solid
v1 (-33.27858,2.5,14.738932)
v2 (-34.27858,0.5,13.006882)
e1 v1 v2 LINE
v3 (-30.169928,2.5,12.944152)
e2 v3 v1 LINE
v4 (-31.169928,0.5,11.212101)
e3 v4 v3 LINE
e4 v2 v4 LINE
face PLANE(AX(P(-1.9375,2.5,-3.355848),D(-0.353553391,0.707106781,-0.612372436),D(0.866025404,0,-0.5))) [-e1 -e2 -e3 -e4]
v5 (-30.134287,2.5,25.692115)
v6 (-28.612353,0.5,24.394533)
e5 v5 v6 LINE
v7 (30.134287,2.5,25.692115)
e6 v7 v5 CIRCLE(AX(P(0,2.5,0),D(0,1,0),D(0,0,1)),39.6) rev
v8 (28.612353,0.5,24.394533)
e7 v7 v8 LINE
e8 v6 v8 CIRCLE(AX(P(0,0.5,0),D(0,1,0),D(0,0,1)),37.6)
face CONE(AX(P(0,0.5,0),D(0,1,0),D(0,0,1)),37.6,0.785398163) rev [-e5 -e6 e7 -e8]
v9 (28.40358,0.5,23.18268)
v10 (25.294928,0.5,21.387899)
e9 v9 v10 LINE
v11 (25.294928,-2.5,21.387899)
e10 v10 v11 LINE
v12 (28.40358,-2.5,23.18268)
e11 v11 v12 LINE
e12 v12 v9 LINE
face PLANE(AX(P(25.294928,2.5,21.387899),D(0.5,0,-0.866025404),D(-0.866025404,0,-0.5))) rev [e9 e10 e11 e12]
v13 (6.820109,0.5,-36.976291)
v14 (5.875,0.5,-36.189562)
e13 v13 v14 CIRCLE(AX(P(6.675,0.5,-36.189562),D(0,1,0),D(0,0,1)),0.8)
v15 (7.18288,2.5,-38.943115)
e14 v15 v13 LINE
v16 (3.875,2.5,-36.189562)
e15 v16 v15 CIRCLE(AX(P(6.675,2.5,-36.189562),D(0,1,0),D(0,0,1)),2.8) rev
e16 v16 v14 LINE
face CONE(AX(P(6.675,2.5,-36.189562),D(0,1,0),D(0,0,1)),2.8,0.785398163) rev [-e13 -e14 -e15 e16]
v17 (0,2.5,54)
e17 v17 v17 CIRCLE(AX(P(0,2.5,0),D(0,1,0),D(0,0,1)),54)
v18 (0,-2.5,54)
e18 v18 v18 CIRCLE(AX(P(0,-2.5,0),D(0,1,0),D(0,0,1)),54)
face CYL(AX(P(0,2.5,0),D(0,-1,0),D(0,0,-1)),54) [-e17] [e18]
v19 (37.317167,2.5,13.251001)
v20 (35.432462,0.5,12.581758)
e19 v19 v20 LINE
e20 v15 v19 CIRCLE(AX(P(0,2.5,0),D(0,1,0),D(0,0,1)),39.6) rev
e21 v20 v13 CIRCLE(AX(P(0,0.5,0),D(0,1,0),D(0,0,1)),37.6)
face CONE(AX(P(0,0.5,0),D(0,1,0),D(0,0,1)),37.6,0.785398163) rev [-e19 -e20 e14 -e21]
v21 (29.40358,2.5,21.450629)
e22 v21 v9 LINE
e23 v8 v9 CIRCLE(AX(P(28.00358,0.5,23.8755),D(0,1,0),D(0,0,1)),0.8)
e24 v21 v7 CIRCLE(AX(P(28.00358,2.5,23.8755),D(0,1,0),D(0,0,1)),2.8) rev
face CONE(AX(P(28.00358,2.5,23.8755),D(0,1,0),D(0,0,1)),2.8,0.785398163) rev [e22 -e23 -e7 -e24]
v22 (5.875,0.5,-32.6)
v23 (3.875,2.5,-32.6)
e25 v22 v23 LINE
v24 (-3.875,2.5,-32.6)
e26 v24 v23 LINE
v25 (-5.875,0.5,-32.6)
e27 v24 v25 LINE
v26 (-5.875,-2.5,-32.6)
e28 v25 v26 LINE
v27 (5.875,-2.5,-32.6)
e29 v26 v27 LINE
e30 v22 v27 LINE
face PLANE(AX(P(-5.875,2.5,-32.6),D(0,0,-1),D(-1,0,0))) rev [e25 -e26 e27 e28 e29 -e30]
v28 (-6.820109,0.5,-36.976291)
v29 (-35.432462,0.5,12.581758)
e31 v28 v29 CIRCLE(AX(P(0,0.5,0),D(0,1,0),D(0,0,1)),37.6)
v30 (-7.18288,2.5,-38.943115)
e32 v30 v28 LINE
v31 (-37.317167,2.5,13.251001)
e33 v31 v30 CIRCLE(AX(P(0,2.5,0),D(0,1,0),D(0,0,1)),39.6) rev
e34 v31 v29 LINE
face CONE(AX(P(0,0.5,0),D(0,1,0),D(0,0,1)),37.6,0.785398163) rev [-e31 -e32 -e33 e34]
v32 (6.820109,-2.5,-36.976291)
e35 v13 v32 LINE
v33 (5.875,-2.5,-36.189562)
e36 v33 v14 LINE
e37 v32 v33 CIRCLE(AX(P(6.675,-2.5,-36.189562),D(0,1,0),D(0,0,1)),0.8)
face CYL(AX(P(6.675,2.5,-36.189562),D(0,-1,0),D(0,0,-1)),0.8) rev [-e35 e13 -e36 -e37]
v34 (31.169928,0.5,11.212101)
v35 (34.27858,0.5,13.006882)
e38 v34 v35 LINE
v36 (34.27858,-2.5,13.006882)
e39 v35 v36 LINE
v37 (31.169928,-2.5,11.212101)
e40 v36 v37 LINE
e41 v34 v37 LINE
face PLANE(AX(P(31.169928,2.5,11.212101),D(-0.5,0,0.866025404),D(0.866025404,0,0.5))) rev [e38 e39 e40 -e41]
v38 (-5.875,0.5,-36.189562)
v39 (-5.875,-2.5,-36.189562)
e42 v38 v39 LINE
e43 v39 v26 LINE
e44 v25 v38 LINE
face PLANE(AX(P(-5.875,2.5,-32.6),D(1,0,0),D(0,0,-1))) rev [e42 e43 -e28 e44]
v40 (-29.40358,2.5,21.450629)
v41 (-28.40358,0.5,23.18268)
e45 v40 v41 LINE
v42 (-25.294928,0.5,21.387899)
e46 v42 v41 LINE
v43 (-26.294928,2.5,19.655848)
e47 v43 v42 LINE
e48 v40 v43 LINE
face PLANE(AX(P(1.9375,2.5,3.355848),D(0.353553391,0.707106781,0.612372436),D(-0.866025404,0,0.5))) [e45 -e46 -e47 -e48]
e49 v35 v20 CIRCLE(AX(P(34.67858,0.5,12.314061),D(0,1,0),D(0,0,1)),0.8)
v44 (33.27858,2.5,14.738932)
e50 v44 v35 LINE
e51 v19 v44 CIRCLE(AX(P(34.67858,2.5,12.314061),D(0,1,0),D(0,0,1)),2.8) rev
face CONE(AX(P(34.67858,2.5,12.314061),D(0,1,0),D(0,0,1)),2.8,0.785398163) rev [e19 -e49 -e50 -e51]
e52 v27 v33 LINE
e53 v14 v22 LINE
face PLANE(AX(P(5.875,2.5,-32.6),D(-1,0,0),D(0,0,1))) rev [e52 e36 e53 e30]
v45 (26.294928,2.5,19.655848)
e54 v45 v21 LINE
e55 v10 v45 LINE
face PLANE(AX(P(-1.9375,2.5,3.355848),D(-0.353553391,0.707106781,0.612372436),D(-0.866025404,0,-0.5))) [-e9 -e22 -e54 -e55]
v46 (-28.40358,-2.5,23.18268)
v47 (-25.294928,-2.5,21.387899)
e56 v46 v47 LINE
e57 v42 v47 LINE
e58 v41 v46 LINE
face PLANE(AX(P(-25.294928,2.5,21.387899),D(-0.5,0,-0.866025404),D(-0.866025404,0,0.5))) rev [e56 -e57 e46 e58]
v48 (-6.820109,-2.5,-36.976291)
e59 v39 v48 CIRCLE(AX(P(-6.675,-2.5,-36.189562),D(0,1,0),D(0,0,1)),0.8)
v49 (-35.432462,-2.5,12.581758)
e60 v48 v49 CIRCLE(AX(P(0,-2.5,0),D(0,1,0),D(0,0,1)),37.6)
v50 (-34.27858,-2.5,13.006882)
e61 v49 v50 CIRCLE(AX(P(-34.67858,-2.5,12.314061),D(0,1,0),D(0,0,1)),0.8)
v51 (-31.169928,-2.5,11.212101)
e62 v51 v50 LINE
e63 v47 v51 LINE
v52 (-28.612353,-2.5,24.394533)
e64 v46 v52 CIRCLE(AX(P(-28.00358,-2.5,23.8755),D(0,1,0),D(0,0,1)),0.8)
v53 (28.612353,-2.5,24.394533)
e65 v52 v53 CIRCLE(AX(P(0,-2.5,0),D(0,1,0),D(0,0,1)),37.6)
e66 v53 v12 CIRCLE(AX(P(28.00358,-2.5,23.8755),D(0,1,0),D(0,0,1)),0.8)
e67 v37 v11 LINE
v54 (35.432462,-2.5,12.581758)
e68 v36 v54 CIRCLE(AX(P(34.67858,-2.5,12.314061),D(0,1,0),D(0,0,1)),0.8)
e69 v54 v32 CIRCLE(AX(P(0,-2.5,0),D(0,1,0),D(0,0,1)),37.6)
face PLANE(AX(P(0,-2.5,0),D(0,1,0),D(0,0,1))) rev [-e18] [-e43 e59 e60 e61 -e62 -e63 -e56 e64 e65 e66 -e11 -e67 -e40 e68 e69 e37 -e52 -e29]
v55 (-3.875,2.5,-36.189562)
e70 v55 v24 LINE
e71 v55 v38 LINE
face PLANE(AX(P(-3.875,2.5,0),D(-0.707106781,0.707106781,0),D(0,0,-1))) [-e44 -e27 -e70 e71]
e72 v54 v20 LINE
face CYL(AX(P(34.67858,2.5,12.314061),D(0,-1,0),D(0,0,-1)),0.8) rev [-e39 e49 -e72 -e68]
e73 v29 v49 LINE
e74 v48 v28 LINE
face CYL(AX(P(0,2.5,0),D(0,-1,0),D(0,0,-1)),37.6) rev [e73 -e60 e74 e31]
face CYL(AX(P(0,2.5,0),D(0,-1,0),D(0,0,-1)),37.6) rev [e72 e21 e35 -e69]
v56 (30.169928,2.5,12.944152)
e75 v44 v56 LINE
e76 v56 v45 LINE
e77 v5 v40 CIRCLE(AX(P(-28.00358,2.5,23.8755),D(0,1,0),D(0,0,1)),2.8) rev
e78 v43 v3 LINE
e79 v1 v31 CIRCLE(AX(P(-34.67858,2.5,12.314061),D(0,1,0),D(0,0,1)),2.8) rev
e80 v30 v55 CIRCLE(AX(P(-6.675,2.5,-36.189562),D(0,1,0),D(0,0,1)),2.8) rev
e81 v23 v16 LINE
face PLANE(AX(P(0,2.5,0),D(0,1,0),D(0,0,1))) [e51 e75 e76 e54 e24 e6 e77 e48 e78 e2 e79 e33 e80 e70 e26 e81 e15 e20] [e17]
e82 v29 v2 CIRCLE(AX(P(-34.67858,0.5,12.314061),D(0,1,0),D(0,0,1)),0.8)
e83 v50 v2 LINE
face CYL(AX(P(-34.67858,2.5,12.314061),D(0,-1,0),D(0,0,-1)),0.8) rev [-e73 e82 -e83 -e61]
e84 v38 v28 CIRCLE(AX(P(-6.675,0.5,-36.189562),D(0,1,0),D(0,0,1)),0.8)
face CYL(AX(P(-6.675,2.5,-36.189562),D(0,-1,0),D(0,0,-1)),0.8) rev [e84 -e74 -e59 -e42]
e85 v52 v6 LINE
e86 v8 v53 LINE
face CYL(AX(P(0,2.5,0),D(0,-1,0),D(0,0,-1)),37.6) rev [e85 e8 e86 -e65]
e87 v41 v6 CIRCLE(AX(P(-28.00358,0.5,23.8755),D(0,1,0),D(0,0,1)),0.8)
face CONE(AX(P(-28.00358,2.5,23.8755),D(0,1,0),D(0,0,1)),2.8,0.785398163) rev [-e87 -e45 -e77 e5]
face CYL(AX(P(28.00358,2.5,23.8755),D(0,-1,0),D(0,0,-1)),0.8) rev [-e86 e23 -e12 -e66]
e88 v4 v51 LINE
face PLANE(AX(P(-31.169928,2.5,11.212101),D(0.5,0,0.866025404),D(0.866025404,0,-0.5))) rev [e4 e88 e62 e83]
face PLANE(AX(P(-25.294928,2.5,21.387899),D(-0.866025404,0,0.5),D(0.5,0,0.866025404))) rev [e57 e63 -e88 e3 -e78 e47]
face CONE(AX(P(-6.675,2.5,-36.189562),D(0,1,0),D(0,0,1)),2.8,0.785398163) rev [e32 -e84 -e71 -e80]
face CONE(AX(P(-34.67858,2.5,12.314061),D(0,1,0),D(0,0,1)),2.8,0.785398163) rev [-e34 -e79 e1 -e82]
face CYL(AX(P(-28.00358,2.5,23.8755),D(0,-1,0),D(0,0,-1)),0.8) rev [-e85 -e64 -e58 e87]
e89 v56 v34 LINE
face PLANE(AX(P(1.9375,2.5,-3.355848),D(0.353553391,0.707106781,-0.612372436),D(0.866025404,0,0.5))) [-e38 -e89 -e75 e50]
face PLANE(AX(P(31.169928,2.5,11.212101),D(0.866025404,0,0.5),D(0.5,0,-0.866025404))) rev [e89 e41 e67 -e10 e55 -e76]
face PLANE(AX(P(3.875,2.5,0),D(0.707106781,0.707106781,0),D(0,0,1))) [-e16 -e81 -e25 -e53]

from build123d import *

# Parameters (mm, degrees)
SKETCH1_R                = 54
SKETCH1_R_2              = 37.6
BOSS_EXTRUDE1_DEPTH      = 2.5
BOSS_EXTRUDE2_DEPTH      = 2.5
FILLET1_R                = 0.8
CIRPATTERN1_COUNT        = 3
FILLET1_OF_CIRPATTERN1_R = 0.8
CHAMFER2_SIZE            = 2


with BuildPart() as part:
    # Sketch1 → Boss-Extrude1 (new, symmetric)
    with BuildSketch(Plane(origin=(0, 0, 0), x_dir=(1, 0, 0), z_dir=(0, 1, 0))):
        with Locations(Location((0, 0, 0), (0, 0, 270))):
            Circle(SKETCH1_R)
        with Locations(Location((0, 0, 0), (0, 0, 270))):
            Circle(SKETCH1_R_2, mode=Mode.SUBTRACT)
    extrude(amount=BOSS_EXTRUDE1_DEPTH, both=True)

    # Sketch2 → Boss-Extrude2 (add, symmetric)
    with BuildSketch(Plane(origin=(0, 0, 0), x_dir=(1, 0, 0), z_dir=(0, 1, 0))):
        with BuildLine():
            Line((-5.875, 32.6), (5.875, 32.6))
            Line((5.875, 32.6), (5.875, 37.138179479))
            ThreePointArc((5.875, 37.138179479), (0, 37.6), (-5.875, 37.138179479))
            Line((-5.875, 37.138179479), (-5.875, 32.6))
        make_face()
    boss_extrude2 = extrude(amount=BOSS_EXTRUDE2_DEPTH, both=True)

    # Fillet1
    fillet1_edges = [part.edges().sort_by_distance(p)[0] for p in [
        (-5.875, 0, -37.138179479),
        (5.875, 0, -37.138179479),
    ]]
    fillet(fillet1_edges, radius=FILLET1_R)

    # CirPattern1: Boss-Extrude2 ×3 about axis
    cirpattern1_axis = Axis((0, 0, 0), (0, 1, 0))
    for i in range(1, CIRPATTERN1_COUNT):
        add(boss_extrude2.rotate(cirpattern1_axis, i * 360 / CIRPATTERN1_COUNT))

    # Fillet1 of CirPattern1
    fillet1_of_cirpattern1_edges = [part.edges().sort_by_distance(p)[0] for p in [
        (-29.225106879, 0, 23.656988987),
        (-35.100106879, 0, 13.481190492),
        (35.100106879, 0, 13.481190492),
        (29.225106879, 0, 23.656988987),
    ]]
    fillet(fillet1_of_cirpattern1_edges, radius=FILLET1_OF_CIRPATTERN1_R)

    # Chamfer2
    chamfer2_edges = [part.edges().sort_by_distance(p)[0] for p in [
        (5.875, 2.5, -34.394780843),
        (-32.562555182, 2.5, -18.8),
        (-5.875, 2.5, -34.394780843),
        (6.163183117, 2.5, -36.804414089),
        (-6.163183117, 2.5, -36.804414089),
        (26.849253967, 2.5, 22.285289669),
        (-32.724253967, 2.5, 12.109491174),
        (32.724253967, 2.5, 12.109491174),
        (32.562555182, 2.5, -18.8),
        (28.791966014, 2.5, 23.739680192),
        (34.955149131, 2.5, 13.064733897),
        (-26.849253967, 2.5, 22.285289669),
        (0, 2.5, 37.6),
        (-34.955149131, 2.5, 13.064733897),
        (-28.791966014, 2.5, 23.739680192),
    ]]
    chamfer(chamfer2_edges, length=CHAMFER2_SIZE)


solid = part.part
